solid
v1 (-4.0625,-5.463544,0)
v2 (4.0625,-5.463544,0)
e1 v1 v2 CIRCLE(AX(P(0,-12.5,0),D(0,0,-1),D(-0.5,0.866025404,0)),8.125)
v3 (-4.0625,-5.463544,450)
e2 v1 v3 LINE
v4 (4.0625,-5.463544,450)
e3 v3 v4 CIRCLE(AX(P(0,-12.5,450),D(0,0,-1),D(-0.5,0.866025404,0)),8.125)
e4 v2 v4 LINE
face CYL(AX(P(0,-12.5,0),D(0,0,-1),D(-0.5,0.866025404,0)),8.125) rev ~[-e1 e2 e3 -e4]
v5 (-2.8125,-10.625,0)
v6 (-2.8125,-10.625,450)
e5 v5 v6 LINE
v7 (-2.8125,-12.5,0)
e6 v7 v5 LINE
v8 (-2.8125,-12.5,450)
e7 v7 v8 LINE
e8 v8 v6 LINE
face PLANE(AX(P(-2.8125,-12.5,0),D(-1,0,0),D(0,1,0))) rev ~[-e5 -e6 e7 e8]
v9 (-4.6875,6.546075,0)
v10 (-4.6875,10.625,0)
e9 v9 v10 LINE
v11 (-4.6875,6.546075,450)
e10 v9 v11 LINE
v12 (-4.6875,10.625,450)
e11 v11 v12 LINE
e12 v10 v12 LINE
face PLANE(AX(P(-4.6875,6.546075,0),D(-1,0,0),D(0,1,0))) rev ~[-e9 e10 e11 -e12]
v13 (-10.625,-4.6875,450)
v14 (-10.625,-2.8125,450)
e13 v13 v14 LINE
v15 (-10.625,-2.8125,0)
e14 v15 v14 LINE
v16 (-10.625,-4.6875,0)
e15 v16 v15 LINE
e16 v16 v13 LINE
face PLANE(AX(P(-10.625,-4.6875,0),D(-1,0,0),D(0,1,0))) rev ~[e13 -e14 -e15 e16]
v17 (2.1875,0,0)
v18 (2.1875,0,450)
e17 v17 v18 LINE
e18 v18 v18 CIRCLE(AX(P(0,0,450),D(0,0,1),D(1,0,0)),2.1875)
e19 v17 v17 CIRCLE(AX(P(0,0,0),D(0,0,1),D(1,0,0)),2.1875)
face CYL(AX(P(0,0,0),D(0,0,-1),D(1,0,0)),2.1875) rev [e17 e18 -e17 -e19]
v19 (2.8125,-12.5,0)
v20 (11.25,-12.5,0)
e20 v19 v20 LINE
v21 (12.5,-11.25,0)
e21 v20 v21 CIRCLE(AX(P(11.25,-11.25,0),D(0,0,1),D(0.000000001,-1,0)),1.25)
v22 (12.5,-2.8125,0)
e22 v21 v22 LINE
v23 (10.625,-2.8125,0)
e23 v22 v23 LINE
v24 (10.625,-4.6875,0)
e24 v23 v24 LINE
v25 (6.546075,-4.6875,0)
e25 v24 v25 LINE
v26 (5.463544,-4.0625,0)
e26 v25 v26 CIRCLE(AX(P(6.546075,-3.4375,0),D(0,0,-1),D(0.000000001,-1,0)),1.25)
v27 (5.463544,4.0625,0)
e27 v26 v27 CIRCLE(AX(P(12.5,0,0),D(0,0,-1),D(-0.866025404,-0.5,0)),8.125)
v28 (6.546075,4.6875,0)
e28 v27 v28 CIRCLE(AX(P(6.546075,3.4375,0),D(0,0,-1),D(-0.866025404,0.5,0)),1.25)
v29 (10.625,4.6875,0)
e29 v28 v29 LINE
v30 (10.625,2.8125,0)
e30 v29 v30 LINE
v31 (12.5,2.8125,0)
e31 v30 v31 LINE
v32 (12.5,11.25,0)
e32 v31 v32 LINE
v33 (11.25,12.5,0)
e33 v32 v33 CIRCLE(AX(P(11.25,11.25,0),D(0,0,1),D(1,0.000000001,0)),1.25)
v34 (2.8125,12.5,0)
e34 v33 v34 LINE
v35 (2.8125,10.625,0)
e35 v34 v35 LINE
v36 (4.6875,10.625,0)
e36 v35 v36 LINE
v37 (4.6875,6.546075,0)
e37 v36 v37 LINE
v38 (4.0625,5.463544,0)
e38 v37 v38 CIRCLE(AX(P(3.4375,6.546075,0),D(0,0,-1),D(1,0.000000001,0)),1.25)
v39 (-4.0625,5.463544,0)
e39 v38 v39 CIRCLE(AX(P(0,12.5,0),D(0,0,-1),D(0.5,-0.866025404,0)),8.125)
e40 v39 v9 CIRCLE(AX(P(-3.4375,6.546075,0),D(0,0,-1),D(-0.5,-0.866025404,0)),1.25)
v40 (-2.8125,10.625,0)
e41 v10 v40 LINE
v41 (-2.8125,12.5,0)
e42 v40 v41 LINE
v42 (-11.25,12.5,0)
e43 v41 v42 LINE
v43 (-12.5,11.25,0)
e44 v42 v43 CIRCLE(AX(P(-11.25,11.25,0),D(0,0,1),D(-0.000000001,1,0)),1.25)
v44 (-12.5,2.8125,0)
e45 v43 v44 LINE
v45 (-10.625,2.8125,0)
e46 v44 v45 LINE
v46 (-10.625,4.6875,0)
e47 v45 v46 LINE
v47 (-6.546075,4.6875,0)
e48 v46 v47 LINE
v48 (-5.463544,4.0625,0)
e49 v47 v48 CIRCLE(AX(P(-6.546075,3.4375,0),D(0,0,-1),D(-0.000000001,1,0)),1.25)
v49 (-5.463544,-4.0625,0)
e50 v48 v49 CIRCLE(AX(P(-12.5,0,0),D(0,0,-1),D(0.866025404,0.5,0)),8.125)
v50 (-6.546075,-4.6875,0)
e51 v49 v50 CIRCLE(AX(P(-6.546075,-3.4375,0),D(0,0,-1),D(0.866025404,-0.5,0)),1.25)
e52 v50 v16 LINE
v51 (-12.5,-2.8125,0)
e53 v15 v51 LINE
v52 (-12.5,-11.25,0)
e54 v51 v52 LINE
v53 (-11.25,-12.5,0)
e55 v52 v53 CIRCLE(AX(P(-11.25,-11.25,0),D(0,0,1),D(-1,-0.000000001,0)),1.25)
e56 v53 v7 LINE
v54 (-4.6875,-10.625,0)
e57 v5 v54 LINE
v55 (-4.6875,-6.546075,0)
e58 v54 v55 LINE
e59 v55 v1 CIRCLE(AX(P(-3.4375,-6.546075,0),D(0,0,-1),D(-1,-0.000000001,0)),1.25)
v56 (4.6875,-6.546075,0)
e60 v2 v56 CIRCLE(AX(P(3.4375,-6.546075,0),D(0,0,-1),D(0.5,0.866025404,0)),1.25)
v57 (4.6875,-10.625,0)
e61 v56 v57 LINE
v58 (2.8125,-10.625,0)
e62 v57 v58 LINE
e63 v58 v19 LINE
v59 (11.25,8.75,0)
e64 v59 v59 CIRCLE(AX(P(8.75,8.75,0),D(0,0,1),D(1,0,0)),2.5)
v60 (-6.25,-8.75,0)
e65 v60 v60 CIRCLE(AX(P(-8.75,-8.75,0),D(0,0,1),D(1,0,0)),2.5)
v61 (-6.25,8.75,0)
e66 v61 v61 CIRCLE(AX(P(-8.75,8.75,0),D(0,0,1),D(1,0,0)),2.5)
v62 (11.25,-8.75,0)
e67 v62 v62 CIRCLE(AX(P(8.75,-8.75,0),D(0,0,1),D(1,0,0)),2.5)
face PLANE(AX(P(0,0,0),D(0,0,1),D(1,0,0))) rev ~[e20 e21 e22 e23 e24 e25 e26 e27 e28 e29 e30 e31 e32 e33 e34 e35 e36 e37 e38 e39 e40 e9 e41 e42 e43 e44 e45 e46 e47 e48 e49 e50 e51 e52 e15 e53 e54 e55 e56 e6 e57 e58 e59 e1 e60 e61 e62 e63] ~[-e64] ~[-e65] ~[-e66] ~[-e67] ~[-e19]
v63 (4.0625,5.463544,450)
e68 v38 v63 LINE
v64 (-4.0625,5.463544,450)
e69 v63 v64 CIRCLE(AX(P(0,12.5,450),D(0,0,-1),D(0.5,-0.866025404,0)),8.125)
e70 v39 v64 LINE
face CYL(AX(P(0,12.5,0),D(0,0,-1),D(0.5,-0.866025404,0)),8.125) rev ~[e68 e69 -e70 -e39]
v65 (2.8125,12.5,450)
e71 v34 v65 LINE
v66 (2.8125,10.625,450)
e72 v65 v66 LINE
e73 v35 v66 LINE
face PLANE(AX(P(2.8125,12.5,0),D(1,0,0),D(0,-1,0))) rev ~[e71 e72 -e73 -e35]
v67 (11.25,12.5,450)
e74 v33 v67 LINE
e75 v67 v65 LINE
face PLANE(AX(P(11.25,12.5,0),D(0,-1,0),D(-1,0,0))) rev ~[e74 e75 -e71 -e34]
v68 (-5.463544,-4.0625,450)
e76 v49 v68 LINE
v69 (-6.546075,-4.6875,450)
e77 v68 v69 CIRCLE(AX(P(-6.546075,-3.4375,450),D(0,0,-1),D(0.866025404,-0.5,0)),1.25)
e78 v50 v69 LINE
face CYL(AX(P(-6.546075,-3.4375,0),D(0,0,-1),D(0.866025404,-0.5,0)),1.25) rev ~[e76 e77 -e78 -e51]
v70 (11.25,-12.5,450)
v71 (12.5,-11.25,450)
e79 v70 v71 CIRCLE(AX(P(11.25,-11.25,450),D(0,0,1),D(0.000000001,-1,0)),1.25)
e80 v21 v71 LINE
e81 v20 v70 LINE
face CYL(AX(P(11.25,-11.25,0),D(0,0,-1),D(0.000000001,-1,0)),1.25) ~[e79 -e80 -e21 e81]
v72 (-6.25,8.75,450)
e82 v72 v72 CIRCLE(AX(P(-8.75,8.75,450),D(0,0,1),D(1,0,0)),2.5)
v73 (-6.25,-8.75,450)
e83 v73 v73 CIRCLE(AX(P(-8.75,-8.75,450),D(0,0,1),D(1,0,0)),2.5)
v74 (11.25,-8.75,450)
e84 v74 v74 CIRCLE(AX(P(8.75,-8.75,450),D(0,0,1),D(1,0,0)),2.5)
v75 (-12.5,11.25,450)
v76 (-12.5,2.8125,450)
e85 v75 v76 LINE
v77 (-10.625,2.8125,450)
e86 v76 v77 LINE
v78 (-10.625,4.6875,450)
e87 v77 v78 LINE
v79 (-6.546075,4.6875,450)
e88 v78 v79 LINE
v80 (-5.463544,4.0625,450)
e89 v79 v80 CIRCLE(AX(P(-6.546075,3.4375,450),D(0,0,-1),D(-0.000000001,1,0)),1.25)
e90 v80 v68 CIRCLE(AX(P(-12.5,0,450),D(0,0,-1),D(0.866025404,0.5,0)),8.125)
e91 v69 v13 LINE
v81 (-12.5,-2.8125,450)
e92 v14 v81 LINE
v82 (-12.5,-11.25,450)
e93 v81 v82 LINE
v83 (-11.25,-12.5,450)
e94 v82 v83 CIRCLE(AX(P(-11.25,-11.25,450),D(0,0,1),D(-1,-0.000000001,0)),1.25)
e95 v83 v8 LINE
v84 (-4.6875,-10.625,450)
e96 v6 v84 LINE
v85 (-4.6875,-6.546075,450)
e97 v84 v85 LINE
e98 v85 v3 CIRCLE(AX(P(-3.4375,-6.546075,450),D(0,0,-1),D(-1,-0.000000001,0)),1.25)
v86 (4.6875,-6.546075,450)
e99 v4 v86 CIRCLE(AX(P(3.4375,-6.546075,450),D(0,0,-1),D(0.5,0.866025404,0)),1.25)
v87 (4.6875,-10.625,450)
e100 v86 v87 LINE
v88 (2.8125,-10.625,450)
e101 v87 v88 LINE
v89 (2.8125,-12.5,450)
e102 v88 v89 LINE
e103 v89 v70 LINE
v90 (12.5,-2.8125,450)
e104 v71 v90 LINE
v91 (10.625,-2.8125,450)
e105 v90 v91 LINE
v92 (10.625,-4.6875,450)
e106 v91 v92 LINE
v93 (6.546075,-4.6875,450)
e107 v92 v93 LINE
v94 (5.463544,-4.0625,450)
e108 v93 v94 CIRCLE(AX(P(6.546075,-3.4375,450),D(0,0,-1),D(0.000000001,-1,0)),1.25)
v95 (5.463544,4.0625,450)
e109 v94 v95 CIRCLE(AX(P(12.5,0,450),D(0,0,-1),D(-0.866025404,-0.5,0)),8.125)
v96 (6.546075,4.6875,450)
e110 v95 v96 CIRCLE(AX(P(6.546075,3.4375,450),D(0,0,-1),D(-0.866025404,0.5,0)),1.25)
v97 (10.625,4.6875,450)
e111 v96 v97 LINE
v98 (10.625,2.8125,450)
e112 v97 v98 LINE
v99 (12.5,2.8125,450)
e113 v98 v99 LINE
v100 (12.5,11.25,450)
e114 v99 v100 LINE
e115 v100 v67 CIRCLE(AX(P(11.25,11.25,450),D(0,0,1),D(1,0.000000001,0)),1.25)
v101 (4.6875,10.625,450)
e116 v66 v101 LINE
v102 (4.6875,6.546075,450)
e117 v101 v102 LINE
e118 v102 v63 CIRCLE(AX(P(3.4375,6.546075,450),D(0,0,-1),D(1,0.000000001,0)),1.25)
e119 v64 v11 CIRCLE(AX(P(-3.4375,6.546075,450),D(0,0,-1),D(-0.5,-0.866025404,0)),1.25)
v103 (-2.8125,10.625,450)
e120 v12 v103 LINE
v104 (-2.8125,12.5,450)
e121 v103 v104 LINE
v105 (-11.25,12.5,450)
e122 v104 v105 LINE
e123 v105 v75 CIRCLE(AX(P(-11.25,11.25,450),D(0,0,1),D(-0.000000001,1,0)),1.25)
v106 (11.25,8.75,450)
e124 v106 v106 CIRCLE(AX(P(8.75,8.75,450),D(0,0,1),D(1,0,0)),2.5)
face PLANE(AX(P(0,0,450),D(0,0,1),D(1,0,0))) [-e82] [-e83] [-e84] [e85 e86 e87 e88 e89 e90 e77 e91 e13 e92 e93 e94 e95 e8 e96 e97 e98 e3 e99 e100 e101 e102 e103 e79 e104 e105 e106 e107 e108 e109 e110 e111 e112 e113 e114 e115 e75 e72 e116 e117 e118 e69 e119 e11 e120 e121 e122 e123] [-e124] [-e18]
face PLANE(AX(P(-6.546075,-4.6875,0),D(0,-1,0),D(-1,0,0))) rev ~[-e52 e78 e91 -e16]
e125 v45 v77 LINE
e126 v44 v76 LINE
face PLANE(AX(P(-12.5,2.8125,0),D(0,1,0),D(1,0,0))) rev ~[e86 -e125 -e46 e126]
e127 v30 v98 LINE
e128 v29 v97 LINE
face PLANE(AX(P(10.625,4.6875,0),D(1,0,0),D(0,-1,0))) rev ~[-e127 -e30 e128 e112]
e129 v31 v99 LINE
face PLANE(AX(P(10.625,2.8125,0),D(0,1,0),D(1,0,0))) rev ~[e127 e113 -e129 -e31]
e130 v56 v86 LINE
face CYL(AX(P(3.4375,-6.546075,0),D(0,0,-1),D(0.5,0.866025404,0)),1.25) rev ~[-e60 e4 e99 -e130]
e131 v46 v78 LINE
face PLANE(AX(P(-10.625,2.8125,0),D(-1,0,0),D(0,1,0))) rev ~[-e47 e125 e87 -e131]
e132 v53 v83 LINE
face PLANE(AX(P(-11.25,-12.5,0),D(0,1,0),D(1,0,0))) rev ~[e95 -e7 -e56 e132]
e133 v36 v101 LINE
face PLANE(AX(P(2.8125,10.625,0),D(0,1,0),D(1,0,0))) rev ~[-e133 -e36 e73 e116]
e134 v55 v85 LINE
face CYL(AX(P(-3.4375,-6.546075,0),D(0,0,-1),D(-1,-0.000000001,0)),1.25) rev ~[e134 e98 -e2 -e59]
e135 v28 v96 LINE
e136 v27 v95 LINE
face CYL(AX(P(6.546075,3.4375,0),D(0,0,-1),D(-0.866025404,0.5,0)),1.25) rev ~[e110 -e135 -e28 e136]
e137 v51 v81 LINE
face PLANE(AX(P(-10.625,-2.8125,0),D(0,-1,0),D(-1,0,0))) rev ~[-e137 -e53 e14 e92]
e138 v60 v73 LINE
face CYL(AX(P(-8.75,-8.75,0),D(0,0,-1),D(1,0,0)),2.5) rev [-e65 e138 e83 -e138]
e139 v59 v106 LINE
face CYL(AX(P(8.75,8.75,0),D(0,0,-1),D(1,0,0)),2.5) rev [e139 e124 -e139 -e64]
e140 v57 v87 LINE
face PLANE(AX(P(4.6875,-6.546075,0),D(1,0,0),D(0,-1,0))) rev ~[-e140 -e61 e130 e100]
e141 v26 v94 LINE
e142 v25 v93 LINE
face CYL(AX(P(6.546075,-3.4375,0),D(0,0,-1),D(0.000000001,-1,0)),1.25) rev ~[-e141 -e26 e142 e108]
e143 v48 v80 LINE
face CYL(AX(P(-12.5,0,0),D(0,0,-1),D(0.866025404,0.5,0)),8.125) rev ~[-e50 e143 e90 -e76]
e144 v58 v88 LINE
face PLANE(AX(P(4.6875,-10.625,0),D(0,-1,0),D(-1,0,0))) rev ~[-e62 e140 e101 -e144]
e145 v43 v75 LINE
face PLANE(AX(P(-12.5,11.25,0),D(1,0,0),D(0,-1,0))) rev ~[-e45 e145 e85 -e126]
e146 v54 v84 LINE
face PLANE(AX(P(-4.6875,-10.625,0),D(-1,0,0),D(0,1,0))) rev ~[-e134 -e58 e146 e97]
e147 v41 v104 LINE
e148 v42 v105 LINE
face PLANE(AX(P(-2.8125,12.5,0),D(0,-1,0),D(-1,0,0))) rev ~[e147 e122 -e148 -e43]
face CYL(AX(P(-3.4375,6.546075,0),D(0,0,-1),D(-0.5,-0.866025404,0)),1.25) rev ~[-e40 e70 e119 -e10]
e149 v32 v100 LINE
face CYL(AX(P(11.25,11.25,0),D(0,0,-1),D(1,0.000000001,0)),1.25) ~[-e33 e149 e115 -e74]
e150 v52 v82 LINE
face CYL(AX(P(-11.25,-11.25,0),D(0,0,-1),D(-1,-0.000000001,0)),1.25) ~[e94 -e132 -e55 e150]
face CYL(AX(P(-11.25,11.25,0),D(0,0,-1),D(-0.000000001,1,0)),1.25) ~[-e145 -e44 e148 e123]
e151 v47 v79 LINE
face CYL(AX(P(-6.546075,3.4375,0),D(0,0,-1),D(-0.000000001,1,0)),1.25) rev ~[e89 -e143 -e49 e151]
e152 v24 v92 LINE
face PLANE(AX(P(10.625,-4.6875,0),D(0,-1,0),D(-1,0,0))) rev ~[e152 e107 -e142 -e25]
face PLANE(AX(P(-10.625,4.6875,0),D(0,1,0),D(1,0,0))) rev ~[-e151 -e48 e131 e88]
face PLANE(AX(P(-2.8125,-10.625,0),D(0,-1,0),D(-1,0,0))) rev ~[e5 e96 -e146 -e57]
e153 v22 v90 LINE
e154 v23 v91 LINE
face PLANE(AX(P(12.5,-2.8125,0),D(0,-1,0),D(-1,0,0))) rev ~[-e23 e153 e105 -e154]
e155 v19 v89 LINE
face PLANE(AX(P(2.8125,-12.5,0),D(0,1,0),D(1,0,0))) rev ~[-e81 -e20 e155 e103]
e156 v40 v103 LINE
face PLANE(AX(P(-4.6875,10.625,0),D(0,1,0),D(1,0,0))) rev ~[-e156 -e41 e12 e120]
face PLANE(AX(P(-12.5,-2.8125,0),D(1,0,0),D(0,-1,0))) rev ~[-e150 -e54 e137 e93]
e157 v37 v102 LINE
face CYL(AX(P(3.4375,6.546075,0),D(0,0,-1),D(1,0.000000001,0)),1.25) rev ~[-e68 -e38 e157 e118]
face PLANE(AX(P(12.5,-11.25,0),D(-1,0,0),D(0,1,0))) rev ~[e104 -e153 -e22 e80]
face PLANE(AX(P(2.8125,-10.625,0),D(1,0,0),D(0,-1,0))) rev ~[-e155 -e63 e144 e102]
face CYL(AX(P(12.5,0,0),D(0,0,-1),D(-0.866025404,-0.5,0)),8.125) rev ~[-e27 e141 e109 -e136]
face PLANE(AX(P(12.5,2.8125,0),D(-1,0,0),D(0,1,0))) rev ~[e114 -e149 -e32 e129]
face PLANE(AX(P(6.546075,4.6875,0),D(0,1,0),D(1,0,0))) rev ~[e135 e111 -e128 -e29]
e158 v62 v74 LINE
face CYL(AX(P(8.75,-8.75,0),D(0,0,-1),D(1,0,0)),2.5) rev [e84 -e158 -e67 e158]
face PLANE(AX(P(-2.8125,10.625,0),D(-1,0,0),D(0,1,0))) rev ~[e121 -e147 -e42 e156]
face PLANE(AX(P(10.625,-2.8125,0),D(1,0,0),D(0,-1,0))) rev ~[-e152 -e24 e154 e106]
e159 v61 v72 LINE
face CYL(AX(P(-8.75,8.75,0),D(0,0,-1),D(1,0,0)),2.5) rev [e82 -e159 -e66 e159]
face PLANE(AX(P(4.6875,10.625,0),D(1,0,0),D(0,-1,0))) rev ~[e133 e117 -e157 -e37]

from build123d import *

# Parameters (mm, degrees)
SKETCH1_R           = 2.5
SKETCH1_R_2         = 2.1875
BOSS_EXTRUDE1_DEPTH = 450


with BuildPart() as part:
    # Sketch1 → Boss-Extrude1 (new body)
    with BuildSketch(Plane.XY):
        with BuildLine():
            Line((-12.5, 11.25), (-12.5, 2.8125))
            Line((-12.5, 2.8125), (-10.625, 2.8125))
            Line((-10.625, 2.8125), (-10.625, 4.6875))
            Line((-10.625, 4.6875), (-6.546075349, 4.6875))
            ThreePointArc((-6.546075349, 4.6875), (-5.921075349, 4.520031755), (-5.463543594, 4.0625))
            ThreePointArc((-5.463543594, 4.0625), (-4.375, 0), (-5.463543594, -4.0625))
            ThreePointArc((-5.463543594, -4.0625), (-5.921075349, -4.520031755), (-6.546075349, -4.6875))
            Line((-6.546075349, -4.6875), (-10.625, -4.6875))
            Line((-10.625, -4.6875), (-10.625, -2.8125))
            Line((-10.625, -2.8125), (-12.5, -2.8125))
            Line((-12.5, -2.8125), (-12.5, -11.25))
            ThreePointArc((-12.5, -11.25), (-12.133883476, -12.133883476), (-11.25, -12.5))
            Line((-11.25, -12.5), (-2.8125, -12.5))
            Line((-2.8125, -12.5), (-2.8125, -10.625))
            Line((-2.8125, -10.625), (-4.6875, -10.625))
            Line((-4.6875, -10.625), (-4.6875, -6.546075349))
            ThreePointArc((-4.6875, -6.546075349), (-4.520031755, -5.921075349), (-4.0625, -5.463543594))
            ThreePointArc((-4.0625, -5.463543594), (0, -4.375), (4.0625, -5.463543594))
            ThreePointArc((4.0625, -5.463543594), (4.520031755, -5.921075349), (4.6875, -6.546075349))
            Line((4.6875, -6.546075349), (4.6875, -10.625))
            Line((4.6875, -10.625), (2.8125, -10.625))
            Line((2.8125, -10.625), (2.8125, -12.5))
            Line((2.8125, -12.5), (11.25, -12.5))
            ThreePointArc((11.25, -12.5), (12.133883476, -12.133883476), (12.5, -11.25))
            Line((12.5, -11.25), (12.5, -2.8125))
            Line((12.5, -2.8125), (10.625, -2.8125))
            Line((10.625, -2.8125), (10.625, -4.6875))
            Line((10.625, -4.6875), (6.546075349, -4.6875))
            ThreePointArc((6.546075349, -4.6875), (5.921075349, -4.520031755), (5.463543594, -4.0625))
            ThreePointArc((5.463543594, -4.0625), (4.375, 0), (5.463543594, 4.0625))
            ThreePointArc((5.463543594, 4.0625), (5.921075349, 4.520031755), (6.546075349, 4.6875))
            Line((6.546075349, 4.6875), (10.625, 4.6875))
            Line((10.625, 4.6875), (10.625, 2.8125))
            Line((10.625, 2.8125), (12.5, 2.8125))
            Line((12.5, 2.8125), (12.5, 11.25))
            ThreePointArc((12.5, 11.25), (12.133883476, 12.133883476), (11.25, 12.5))
            Line((11.25, 12.5), (2.8125, 12.5))
            Line((2.8125, 12.5), (2.8125, 10.625))
            Line((2.8125, 10.625), (4.6875, 10.625))
            Line((4.6875, 10.625), (4.6875, 6.546075349))
            ThreePointArc((4.6875, 6.546075349), (4.520031755, 5.921075349), (4.0625, 5.463543594))
            ThreePointArc((4.0625, 5.463543594), (0, 4.375), (-4.0625, 5.463543594))
            ThreePointArc((-4.0625, 5.463543594), (-4.520031755, 5.921075349), (-4.6875, 6.546075349))
            Line((-4.6875, 6.546075349), (-4.6875, 10.625))
            Line((-4.6875, 10.625), (-2.8125, 10.625))
            Line((-2.8125, 10.625), (-2.8125, 12.5))
            Line((-2.8125, 12.5), (-11.25, 12.5))
            ThreePointArc((-11.25, 12.5), (-12.133883476, 12.133883476), (-12.5, 11.25))
        make_face()
        with Locations((-8.75, -8.75)):
            Circle(SKETCH1_R, mode=Mode.SUBTRACT)
        with Locations((8.75, -8.75)):
            Circle(SKETCH1_R, mode=Mode.SUBTRACT)
        with Locations((8.75, 8.75)):
            Circle(SKETCH1_R, mode=Mode.SUBTRACT)
        Circle(SKETCH1_R_2, mode=Mode.SUBTRACT)
        with Locations((-8.75, 8.75)):
            Circle(SKETCH1_R, mode=Mode.SUBTRACT)
    extrude(amount=BOSS_EXTRUDE1_DEPTH)


solid = part.part
